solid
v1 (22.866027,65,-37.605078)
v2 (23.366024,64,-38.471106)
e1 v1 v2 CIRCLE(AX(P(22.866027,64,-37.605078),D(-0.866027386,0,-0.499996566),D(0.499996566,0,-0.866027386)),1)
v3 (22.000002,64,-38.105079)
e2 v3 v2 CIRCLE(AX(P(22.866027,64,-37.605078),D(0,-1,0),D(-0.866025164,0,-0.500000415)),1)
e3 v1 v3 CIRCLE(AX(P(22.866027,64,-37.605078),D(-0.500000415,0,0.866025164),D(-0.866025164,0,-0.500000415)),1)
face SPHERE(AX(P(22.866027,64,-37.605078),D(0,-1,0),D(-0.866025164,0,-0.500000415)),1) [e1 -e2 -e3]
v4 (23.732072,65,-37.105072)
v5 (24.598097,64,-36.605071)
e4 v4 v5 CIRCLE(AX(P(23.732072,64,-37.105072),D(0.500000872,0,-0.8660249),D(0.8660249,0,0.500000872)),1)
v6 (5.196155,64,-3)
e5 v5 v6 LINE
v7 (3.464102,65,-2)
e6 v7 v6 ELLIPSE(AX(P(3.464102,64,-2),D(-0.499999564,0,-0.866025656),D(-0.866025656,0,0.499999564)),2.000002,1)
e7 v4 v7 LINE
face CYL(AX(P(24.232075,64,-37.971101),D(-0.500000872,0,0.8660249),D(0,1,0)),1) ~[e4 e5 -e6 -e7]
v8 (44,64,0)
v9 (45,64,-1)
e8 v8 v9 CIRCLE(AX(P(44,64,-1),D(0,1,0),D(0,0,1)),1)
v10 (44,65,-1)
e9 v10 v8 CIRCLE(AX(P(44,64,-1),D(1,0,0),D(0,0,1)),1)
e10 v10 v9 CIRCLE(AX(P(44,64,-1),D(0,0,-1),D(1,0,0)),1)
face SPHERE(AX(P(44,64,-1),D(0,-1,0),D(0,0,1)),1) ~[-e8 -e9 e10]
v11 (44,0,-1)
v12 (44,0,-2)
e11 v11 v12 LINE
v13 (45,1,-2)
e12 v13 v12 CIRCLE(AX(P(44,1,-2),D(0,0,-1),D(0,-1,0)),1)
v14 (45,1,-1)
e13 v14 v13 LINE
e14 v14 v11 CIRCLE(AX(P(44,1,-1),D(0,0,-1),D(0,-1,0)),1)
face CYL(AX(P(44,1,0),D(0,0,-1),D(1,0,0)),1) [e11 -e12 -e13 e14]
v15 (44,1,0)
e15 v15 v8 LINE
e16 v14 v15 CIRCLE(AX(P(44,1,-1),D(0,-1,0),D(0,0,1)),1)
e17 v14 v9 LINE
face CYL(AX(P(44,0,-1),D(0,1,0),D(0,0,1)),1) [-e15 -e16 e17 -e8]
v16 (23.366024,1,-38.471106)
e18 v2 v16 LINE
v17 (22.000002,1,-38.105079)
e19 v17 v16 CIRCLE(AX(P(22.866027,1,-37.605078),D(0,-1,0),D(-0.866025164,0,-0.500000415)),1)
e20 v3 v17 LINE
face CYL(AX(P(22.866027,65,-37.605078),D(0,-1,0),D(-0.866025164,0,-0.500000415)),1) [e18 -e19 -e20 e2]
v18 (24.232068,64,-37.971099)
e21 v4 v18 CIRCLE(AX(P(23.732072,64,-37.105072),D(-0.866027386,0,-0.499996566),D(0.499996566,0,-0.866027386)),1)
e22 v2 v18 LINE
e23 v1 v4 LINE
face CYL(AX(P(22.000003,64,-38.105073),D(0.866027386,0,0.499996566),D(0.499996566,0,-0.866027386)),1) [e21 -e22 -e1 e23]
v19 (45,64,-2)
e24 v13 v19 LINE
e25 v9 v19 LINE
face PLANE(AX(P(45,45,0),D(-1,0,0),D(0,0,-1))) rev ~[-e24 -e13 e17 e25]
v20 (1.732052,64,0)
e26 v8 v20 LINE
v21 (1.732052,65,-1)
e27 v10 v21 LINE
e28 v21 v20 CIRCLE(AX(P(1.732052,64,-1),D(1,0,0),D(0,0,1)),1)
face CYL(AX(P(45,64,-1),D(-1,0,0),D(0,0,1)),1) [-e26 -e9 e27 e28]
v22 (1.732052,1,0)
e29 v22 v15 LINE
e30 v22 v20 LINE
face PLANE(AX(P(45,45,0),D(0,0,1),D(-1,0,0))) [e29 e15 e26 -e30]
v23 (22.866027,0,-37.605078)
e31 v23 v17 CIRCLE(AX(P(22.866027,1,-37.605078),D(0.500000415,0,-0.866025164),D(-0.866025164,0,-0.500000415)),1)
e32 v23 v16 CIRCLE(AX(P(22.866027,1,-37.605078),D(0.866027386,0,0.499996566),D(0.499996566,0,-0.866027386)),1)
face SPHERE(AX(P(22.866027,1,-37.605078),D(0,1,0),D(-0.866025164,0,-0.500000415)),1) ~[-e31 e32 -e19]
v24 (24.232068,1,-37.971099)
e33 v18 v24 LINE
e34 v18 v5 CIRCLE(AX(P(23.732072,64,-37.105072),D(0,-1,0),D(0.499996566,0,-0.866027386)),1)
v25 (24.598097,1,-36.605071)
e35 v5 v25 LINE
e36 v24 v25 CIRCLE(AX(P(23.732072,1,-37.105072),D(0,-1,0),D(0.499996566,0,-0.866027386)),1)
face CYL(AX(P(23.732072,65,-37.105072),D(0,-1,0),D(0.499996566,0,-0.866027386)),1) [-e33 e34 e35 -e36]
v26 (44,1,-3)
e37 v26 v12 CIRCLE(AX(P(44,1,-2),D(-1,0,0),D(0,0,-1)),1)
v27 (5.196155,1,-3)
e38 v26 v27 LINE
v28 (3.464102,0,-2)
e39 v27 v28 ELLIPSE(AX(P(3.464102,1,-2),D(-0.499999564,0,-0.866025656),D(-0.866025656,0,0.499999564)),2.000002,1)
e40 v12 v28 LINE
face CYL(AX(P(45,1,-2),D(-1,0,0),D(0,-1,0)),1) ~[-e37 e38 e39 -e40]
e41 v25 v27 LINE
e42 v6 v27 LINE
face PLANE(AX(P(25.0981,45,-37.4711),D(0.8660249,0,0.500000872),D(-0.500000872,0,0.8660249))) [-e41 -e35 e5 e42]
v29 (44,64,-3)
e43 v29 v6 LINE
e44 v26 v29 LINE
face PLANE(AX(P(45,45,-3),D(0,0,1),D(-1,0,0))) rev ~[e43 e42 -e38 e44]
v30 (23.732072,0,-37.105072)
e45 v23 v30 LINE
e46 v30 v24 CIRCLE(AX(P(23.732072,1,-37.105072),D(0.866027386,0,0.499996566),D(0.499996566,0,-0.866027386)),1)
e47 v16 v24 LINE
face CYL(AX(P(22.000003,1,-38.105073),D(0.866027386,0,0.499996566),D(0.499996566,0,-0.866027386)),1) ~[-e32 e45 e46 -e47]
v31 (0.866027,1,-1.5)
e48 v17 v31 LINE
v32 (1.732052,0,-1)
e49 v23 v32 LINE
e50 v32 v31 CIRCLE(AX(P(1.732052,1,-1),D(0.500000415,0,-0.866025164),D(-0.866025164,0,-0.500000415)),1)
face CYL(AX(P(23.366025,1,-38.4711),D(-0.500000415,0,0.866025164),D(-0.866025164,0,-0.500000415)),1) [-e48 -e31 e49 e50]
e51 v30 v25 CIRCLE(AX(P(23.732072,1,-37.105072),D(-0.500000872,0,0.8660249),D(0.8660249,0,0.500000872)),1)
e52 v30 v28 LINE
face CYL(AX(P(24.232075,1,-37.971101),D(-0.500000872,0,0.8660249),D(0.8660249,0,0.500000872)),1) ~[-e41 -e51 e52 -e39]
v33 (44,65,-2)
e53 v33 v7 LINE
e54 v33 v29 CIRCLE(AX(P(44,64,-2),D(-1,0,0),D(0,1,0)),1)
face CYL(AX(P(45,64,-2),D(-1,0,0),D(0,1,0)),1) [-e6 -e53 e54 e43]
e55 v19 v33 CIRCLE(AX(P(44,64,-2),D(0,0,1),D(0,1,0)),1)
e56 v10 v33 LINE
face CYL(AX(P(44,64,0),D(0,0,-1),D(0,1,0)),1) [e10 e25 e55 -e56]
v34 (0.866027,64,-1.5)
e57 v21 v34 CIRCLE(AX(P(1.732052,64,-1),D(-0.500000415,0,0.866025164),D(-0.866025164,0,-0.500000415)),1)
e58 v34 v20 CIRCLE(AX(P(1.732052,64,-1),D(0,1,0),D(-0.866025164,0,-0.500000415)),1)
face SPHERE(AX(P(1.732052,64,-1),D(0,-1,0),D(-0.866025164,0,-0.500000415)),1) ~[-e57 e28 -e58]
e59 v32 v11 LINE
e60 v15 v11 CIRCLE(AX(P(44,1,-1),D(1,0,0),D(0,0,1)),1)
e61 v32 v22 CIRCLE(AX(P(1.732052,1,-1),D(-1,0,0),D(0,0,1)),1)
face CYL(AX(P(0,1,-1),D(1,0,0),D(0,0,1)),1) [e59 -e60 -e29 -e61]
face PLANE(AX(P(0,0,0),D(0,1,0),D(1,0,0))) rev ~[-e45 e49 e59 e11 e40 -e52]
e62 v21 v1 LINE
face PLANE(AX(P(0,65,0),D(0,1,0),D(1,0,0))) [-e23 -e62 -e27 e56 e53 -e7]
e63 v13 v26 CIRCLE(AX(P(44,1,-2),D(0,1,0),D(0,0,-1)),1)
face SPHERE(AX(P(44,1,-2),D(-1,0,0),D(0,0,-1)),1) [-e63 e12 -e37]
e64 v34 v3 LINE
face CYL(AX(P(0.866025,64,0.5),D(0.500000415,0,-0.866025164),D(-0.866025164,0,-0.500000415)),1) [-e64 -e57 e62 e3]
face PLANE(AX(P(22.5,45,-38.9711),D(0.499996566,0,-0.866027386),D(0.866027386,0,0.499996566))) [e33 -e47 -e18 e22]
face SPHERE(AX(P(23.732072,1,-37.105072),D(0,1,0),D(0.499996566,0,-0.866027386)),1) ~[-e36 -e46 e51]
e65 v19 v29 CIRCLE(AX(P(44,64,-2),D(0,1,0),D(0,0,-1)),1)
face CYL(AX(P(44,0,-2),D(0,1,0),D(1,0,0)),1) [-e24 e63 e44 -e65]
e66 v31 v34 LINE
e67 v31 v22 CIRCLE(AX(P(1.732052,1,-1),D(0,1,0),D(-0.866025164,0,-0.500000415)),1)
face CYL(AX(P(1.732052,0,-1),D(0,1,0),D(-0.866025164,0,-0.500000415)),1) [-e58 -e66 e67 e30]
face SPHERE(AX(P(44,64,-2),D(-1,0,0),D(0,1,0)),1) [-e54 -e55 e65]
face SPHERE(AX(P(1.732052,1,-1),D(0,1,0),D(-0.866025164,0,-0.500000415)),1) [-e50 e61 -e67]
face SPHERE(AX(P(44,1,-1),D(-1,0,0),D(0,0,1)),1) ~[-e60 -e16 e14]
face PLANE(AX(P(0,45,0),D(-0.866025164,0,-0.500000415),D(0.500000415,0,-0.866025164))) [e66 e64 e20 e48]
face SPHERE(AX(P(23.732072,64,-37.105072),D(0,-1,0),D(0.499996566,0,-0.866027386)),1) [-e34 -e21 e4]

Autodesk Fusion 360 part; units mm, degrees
sketch "Sketch1" plane through (0, 0, 0) normal (0, 1, 0) x (1, 0, 0)
  line L0 (0, 0) -> (22.5, 38.9711)
  line L1 (0, 0) -> (45, 0) construction
  line L2 (22.5, 38.9711) -> (25.0981, 37.4711)
  line L3 (22.5, 38.9711) -> (25.5, 38.9711) construction
  line L4 (25.0981, 37.4711) -> (3.4641, 0)
  line L5 (25.0981, 37.4711) -> (68.366, 37.4711) construction
  line L6 (0, 0) -> (45, 0)
  line L7 (45, 0) -> (45, 3)
  line L8 (45, 3) -> (1.7321, 3)
  dimension "d1" = 45
  dimension "d2" = 60
  dimension "d3" = 30
  dimension "d4" = 3
  dimension "d5" = 120
  dimension "d6" = 45
  dimension "d7" = 3
extrude "Extrude1" add sketch "Sketch1" along normal blind 45
extrude "Extrude2" add 1 faces at (9.2321, 45, -13.9904) along direction (0, 1, 0) blind 20
fillet "Fillet1" radius 1 17 edges at (0, 32.5, 0) (22.5, 32.5, -38.9711) (11.25, 65, -19.4856) (11.25, 0, -19.4856) (22.5, 0, 0) (45, 32.5, 0) (22.5, 65, 0) (15.1471, 65, -20.2356) (25.0981, 65, -3) (15.1471, 0, -20.2356) (25.0981, 0, -3) (25.0981, 32.5, -37.4711) (23.799, 65, -38.2211) (23.799, 0, -38.2211) (45, 65, -1.5) (45, 32.5, -3) (45, 0, -1.5)
